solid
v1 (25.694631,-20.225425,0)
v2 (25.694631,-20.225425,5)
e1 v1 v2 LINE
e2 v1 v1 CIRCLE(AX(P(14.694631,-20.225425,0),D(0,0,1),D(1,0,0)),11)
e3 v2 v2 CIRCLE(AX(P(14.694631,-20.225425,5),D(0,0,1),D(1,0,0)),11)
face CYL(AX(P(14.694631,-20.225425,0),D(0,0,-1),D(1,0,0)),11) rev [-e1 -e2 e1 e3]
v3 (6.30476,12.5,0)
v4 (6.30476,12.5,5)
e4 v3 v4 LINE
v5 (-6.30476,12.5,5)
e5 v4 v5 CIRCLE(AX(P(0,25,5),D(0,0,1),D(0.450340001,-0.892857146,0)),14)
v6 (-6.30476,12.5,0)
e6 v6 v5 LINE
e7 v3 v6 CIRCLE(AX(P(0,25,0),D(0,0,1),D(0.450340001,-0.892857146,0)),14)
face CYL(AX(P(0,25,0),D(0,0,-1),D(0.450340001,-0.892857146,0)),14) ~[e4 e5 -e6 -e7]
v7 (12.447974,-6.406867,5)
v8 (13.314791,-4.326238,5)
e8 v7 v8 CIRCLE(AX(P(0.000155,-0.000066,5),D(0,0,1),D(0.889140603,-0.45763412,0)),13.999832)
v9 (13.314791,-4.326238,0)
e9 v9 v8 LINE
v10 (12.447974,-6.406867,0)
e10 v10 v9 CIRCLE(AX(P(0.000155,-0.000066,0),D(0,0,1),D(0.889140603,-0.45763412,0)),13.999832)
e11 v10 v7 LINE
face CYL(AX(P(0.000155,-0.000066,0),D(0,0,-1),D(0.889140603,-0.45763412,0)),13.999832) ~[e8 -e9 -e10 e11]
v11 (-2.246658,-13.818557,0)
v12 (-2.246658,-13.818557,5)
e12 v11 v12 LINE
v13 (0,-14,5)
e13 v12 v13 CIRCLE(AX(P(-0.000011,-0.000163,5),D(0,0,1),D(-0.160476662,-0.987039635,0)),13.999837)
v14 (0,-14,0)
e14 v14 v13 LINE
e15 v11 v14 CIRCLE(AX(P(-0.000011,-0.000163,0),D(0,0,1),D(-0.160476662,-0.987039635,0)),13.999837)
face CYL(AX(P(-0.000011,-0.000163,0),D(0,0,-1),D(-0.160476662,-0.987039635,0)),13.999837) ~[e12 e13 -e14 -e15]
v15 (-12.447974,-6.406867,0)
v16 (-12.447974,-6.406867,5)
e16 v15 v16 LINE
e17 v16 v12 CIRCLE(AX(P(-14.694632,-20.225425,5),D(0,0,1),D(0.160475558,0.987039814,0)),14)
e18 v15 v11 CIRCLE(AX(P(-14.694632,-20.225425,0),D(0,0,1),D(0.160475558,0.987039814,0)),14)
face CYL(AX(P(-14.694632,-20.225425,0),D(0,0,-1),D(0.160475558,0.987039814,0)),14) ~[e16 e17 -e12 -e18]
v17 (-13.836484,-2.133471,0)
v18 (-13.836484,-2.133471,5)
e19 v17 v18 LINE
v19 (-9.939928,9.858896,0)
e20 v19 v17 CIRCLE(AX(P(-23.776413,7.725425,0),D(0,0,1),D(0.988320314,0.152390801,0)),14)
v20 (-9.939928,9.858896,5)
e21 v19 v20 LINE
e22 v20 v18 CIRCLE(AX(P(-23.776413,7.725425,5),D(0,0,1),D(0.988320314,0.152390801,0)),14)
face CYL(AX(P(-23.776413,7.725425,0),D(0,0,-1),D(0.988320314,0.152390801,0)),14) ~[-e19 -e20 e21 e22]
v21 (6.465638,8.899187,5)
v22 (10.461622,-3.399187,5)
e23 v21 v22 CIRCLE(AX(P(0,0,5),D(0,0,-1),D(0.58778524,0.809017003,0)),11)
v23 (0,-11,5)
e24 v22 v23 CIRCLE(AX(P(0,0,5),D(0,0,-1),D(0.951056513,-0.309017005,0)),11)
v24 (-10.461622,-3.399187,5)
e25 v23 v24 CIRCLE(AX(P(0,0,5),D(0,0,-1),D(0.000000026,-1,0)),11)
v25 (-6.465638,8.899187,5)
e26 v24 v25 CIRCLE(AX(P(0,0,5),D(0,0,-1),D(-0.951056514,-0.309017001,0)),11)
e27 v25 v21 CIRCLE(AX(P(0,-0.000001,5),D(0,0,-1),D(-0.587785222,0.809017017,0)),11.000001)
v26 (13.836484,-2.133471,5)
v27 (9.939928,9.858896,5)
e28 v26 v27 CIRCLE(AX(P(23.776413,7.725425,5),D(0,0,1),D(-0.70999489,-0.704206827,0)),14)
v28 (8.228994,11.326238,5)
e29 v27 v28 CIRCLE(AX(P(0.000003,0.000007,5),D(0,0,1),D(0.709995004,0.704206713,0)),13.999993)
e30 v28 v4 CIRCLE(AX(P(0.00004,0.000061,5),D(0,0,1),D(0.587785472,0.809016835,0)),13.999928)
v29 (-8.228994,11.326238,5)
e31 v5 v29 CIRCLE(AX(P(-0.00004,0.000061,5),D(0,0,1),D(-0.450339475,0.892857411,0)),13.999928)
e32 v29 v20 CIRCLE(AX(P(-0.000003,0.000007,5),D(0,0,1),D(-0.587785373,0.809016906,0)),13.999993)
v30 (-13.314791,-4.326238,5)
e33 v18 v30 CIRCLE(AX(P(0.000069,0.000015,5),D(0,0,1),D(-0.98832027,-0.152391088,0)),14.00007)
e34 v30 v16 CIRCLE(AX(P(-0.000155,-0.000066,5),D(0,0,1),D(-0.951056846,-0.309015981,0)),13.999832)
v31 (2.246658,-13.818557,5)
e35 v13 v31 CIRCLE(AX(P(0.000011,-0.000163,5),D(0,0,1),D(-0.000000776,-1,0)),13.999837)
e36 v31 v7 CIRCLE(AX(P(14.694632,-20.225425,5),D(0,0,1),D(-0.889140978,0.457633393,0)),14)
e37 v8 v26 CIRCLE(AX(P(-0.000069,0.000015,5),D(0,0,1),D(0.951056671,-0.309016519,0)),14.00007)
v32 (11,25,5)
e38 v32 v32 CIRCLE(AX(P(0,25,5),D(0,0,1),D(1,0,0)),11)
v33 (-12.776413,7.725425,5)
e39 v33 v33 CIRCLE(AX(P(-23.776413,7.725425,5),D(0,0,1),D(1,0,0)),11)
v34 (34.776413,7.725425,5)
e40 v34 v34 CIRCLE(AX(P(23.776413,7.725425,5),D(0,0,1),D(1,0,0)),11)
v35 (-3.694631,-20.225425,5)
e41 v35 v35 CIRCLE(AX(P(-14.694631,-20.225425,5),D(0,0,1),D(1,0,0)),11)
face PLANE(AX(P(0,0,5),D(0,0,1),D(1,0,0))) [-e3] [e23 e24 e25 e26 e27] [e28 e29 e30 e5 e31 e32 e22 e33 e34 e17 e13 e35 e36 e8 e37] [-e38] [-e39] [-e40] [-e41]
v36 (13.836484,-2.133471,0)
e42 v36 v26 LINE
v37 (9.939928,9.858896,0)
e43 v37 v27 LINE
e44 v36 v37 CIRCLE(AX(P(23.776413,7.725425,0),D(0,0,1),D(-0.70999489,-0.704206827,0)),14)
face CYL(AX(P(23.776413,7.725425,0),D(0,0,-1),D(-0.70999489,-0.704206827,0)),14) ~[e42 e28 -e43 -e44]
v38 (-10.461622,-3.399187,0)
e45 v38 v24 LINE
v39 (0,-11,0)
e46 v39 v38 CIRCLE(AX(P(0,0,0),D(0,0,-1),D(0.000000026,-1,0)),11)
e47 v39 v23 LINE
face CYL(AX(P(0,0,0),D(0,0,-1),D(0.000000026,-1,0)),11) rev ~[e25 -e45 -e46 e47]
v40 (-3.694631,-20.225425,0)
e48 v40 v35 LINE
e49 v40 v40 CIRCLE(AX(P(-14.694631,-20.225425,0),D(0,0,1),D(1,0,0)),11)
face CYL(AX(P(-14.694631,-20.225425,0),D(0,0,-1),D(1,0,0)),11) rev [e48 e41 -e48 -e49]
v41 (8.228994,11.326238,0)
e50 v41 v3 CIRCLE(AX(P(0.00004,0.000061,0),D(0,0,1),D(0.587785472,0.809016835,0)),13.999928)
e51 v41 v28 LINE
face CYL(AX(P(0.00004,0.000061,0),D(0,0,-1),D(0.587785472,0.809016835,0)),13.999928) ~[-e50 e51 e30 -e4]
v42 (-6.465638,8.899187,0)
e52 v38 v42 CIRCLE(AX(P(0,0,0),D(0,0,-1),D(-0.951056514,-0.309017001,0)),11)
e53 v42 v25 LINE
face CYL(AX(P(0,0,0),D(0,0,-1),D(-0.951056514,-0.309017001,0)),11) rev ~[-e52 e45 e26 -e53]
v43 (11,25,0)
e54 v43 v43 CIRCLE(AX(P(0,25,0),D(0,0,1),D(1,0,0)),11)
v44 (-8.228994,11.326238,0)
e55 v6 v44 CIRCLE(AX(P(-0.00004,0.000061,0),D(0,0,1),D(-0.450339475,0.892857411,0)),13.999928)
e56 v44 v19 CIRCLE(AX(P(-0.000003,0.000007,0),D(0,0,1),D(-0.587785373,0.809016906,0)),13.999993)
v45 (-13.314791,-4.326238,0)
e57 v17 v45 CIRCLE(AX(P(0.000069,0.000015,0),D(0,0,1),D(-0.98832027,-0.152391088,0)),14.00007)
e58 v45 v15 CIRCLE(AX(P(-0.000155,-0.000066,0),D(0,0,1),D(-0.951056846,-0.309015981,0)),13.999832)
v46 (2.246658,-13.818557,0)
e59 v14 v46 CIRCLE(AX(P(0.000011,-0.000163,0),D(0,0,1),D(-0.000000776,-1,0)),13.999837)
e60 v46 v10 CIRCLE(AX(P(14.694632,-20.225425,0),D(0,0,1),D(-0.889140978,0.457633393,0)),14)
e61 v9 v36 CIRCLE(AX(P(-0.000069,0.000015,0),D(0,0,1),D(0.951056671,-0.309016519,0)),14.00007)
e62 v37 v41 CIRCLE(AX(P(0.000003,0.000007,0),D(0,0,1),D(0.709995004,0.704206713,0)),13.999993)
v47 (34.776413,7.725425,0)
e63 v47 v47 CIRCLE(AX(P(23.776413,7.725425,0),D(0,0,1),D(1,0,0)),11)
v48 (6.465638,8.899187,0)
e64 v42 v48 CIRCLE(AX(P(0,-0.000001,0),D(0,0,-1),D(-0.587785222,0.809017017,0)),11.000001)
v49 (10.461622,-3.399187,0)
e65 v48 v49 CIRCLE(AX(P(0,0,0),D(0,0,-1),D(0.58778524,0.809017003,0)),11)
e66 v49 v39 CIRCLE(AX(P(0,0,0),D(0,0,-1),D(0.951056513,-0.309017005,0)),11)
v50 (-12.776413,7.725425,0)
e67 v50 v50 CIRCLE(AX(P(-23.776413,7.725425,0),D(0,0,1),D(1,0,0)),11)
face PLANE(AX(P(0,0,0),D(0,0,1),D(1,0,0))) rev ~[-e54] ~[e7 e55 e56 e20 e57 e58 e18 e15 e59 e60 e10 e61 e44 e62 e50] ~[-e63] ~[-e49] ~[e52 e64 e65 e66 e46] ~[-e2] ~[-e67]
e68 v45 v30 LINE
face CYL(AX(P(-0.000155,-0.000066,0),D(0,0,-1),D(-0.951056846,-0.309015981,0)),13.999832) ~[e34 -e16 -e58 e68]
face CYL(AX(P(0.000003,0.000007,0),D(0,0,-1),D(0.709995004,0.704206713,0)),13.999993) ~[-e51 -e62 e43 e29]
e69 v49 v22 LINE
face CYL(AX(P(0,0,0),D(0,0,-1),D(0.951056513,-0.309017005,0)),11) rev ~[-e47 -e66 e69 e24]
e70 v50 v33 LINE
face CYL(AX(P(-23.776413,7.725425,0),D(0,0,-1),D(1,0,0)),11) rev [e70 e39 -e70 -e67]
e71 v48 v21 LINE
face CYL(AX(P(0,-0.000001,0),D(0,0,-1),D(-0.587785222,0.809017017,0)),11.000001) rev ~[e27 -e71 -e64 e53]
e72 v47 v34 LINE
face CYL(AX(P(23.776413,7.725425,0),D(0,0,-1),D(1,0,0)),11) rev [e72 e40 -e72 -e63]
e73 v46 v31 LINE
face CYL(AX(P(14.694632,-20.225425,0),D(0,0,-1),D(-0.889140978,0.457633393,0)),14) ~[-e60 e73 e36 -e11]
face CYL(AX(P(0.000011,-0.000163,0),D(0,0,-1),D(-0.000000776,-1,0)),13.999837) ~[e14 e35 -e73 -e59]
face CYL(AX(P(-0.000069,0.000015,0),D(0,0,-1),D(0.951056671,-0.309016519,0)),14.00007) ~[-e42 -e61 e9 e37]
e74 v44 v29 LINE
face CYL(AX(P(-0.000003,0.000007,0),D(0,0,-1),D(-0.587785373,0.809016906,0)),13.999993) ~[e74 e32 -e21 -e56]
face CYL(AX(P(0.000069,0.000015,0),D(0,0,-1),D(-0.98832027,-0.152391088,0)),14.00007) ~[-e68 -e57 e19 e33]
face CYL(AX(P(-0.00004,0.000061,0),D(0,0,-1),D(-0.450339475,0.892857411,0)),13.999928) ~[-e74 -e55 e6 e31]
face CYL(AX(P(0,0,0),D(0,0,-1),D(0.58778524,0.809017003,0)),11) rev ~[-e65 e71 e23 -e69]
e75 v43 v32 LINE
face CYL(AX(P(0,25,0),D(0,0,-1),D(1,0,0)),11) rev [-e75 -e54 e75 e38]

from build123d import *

# Parameters (mm, degrees)
F0_R     = 11
F1_DEPTH = 5


with BuildPart() as f1:
    # F0 (on Top) → F1 (new body)
    with BuildSketch(Plane.XY):
        with BuildLine():
            ThreePointArc((8.228994, 11.326238), (7.290537, 11.951907), (6.30476, 12.5))
            ThreePointArc((6.30476, 12.5), (0, 39), (-6.30476, 12.5))
            ThreePointArc((-6.30476, 12.5), (-7.290537, 11.951907), (-8.228994, 11.326238))
            ThreePointArc((-8.228994, 11.326238), (-9.114039, 10.627055), (-9.939928, 9.858896))
            ThreePointArc((-9.939928, 9.858896), (-37.091204, 12.051663), (-13.836484, -2.133471))
            ThreePointArc((-13.836484, -2.133471), (-13.619838, -3.24037), (-13.314791, -4.326238))
            ThreePointArc((-13.314791, -4.326238), (-12.923323, -5.384026), (-12.447974, -6.406867))
            ThreePointArc((-12.447974, -6.406867), (-22.923625, -31.551663), (-2.246658, -13.818557))
            ThreePointArc((-2.246658, -13.818557), (-1.126986, -13.954566), (0, -14))
            ThreePointArc((0, -14), (1.126986, -13.954566), (2.246658, -13.818557))
            ThreePointArc((2.246658, -13.818557), (22.923625, -31.551663), (12.447974, -6.406867))
            ThreePointArc((12.447974, -6.406867), (12.923323, -5.384026), (13.314791, -4.326238))
            ThreePointArc((13.314791, -4.326238), (13.619838, -3.24037), (13.836484, -2.133471))
            ThreePointArc((13.836484, -2.133471), (37.091204, 12.051663), (9.939928, 9.858896))
            ThreePointArc((9.939928, 9.858896), (9.114039, 10.627055), (8.228994, 11.326238))
        make_face()
        with Locations((-14.694631, -20.225425)):
            Circle(F0_R, mode=Mode.SUBTRACT)
        with Locations((14.694631, -20.225425)):
            Circle(F0_R, mode=Mode.SUBTRACT)
        with BuildLine():
            ThreePointArc((-6.465638, 8.899187), (0, 11), (6.465638, 8.899187))
            ThreePointArc((6.465638, 8.899187), (10.461622, 3.399187), (10.461622, -3.399187))
            ThreePointArc((10.461622, -3.399187), (6.465638, -8.899187), (0, -11))
            ThreePointArc((0, -11), (-6.465638, -8.899187), (-10.461622, -3.399187))
            ThreePointArc((-10.461622, -3.399187), (-10.461622, 3.399187), (-6.465638, 8.899187))
        make_face(mode=Mode.SUBTRACT)
        with Locations((-23.776413, 7.725425)):
            Circle(F0_R, mode=Mode.SUBTRACT)
        with Locations((23.776413, 7.725425)):
            Circle(F0_R, mode=Mode.SUBTRACT)
        with Locations((0, 25)):
            Circle(F0_R, mode=Mode.SUBTRACT)
    extrude(amount=F1_DEPTH)


solid = f1.part
